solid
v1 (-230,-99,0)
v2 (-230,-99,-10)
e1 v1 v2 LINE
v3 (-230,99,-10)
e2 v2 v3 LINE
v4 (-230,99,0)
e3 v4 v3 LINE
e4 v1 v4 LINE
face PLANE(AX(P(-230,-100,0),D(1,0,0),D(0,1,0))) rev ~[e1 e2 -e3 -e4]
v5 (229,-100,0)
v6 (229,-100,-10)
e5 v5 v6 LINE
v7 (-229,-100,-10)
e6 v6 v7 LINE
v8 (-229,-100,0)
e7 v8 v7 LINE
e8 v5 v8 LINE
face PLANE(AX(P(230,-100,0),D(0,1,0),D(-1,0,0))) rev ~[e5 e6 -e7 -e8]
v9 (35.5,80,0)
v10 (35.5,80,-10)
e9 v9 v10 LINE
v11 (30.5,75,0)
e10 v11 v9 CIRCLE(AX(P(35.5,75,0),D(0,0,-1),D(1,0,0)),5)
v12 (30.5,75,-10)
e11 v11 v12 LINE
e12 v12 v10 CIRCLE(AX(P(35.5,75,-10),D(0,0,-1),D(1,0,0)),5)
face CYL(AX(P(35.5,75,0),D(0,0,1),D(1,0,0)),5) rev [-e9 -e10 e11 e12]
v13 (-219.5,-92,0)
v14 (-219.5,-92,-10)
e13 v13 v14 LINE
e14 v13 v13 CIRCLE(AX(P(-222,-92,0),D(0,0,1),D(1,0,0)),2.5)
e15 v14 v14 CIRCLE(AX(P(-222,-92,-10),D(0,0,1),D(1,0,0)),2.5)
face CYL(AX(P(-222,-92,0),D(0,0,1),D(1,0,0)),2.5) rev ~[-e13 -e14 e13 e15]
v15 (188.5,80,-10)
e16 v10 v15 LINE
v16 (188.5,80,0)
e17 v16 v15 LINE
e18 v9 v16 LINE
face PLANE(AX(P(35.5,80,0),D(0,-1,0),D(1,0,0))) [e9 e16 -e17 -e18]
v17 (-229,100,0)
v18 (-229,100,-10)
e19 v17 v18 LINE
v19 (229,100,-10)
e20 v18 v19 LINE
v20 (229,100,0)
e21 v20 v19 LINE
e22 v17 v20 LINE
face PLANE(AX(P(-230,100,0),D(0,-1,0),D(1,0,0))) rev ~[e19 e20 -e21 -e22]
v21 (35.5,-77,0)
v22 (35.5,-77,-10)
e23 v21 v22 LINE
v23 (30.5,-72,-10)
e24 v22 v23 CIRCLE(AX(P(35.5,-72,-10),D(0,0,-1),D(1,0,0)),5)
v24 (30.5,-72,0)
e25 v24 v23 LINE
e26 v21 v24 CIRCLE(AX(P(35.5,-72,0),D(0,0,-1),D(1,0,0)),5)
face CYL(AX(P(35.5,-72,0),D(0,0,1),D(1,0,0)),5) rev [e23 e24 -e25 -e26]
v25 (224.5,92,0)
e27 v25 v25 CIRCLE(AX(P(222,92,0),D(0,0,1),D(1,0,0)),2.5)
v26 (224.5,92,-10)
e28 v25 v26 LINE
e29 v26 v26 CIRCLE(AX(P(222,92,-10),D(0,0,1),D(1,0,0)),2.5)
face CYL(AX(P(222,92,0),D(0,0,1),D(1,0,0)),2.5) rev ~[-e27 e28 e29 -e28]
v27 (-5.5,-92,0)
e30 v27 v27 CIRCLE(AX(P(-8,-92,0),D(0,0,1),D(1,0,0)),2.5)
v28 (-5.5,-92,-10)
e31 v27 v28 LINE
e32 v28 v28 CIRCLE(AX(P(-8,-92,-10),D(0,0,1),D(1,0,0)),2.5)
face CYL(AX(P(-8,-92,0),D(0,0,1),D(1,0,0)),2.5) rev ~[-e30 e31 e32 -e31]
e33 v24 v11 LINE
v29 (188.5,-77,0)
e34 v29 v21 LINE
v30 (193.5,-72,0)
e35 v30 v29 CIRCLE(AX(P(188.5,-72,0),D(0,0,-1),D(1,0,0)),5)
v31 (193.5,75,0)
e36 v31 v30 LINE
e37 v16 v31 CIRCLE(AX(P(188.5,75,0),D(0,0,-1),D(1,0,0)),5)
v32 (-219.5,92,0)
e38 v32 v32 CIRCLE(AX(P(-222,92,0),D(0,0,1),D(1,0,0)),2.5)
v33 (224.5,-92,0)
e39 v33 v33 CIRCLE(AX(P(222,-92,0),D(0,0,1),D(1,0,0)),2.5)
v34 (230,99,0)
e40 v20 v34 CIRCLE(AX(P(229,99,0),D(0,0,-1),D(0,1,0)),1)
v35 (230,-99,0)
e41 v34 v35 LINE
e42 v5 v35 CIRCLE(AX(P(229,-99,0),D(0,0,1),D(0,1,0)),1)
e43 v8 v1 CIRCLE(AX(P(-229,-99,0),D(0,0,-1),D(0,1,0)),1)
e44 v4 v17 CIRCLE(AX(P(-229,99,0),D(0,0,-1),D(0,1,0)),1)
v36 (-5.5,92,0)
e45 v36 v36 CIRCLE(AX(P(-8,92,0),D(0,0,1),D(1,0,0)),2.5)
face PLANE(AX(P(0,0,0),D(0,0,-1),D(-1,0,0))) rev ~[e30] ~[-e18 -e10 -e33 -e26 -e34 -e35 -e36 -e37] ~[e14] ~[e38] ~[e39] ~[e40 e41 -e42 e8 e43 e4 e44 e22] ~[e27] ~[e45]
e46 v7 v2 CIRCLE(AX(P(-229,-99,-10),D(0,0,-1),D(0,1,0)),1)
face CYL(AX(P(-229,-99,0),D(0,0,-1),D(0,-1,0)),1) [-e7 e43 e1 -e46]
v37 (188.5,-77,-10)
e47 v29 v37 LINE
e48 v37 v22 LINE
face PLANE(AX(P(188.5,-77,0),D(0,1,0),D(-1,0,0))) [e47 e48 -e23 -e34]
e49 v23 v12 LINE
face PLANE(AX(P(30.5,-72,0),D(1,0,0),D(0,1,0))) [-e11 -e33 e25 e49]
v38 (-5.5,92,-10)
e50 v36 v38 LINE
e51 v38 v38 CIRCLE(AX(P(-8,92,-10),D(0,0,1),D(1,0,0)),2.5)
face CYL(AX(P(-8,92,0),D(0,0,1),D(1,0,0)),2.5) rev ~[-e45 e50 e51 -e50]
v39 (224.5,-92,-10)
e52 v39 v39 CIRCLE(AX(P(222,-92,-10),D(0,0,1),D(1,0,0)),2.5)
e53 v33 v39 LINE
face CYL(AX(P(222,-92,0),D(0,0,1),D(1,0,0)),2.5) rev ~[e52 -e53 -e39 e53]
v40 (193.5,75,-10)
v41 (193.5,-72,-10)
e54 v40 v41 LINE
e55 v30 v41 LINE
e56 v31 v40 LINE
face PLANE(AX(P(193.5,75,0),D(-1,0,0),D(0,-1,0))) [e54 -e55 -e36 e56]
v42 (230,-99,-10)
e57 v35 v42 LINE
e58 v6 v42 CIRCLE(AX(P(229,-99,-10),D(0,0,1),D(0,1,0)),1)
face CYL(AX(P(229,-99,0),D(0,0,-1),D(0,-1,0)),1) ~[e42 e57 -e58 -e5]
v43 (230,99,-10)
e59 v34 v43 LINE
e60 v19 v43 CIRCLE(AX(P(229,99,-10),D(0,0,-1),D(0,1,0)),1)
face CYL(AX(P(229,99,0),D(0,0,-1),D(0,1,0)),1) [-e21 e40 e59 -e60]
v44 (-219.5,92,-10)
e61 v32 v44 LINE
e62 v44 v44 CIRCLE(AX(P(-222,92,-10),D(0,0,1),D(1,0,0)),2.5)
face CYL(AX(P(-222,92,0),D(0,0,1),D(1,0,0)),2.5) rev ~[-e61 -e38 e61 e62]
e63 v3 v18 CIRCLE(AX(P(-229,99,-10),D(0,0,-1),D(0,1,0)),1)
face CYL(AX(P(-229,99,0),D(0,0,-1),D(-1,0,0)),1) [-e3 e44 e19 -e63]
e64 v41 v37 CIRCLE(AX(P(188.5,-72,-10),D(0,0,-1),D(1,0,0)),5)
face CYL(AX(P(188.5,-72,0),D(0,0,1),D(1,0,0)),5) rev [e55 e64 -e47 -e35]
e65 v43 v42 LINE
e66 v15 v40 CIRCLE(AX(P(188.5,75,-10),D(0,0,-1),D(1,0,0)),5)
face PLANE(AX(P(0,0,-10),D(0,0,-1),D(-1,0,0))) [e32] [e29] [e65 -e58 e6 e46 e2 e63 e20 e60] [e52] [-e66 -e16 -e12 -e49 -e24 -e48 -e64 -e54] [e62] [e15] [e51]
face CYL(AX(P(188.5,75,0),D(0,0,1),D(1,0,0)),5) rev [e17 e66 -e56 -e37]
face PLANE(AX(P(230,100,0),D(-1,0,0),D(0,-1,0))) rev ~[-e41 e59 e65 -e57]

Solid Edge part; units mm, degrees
sketch "Sketch1" plane through (0, 0, 0) normal (0, 0, 1) x (1, 0, 0)
  line L0 (230, -100) -> (-230, -100)
  line L1 (-230, -100) -> (-230, 100)
  line L2 (-230, 100) -> (230, 100)
  line L3 (230, 100) -> (230, -100)
  circle A0 centre (222, 92) radius 2.5
  circle A1 centre (-222, 92) radius 2.5
  circle A2 centre (-222, -92) radius 2.5
  circle A3 centre (222, -92) radius 2.5
  circle A4 centre (-8, -92) radius 2.5
  circle A5 centre (-8, 92) radius 2.5
  arc A6 (193.5, -72) -> (188.5, -77) centre (188.5, -72) cw
  line L4 (188.5, -77) -> (35.5, -77)
  arc A7 (35.5, -77) -> (30.5, -72) centre (35.5, -72) cw
  line L5 (30.5, -72) -> (30.5, 75)
  arc A8 (30.5, 75) -> (35.5, 80) centre (35.5, 75) cw
  line L6 (35.5, 80) -> (188.5, 80)
  arc A9 (188.5, 80) -> (193.5, 75) centre (188.5, 75) cw
  line L7 (193.5, 75) -> (193.5, -72)
  dimension "D1" = 5
  dimension "D2" = 460
  dimension "D3" = 200
  dimension "D4" = 20
  dimension "D5" = 36.5
  dimension "D6" = 23
  dimension "D7" = 163
  dimension "D8" = 5
  dimension "D9" = 8
  dimension "D10" = 8
  dimension "D11" = 8
  dimension "D12" = 8
  dimension "D13" = 8
extrude "Protrusion1" add sketch "Sketch1" against normal blind 10
fillet "Round_1" radius 1 4 edges at (-230, -100, -5) (-230, 100, -5) (230, 100, -5) (230, -100, -5)
